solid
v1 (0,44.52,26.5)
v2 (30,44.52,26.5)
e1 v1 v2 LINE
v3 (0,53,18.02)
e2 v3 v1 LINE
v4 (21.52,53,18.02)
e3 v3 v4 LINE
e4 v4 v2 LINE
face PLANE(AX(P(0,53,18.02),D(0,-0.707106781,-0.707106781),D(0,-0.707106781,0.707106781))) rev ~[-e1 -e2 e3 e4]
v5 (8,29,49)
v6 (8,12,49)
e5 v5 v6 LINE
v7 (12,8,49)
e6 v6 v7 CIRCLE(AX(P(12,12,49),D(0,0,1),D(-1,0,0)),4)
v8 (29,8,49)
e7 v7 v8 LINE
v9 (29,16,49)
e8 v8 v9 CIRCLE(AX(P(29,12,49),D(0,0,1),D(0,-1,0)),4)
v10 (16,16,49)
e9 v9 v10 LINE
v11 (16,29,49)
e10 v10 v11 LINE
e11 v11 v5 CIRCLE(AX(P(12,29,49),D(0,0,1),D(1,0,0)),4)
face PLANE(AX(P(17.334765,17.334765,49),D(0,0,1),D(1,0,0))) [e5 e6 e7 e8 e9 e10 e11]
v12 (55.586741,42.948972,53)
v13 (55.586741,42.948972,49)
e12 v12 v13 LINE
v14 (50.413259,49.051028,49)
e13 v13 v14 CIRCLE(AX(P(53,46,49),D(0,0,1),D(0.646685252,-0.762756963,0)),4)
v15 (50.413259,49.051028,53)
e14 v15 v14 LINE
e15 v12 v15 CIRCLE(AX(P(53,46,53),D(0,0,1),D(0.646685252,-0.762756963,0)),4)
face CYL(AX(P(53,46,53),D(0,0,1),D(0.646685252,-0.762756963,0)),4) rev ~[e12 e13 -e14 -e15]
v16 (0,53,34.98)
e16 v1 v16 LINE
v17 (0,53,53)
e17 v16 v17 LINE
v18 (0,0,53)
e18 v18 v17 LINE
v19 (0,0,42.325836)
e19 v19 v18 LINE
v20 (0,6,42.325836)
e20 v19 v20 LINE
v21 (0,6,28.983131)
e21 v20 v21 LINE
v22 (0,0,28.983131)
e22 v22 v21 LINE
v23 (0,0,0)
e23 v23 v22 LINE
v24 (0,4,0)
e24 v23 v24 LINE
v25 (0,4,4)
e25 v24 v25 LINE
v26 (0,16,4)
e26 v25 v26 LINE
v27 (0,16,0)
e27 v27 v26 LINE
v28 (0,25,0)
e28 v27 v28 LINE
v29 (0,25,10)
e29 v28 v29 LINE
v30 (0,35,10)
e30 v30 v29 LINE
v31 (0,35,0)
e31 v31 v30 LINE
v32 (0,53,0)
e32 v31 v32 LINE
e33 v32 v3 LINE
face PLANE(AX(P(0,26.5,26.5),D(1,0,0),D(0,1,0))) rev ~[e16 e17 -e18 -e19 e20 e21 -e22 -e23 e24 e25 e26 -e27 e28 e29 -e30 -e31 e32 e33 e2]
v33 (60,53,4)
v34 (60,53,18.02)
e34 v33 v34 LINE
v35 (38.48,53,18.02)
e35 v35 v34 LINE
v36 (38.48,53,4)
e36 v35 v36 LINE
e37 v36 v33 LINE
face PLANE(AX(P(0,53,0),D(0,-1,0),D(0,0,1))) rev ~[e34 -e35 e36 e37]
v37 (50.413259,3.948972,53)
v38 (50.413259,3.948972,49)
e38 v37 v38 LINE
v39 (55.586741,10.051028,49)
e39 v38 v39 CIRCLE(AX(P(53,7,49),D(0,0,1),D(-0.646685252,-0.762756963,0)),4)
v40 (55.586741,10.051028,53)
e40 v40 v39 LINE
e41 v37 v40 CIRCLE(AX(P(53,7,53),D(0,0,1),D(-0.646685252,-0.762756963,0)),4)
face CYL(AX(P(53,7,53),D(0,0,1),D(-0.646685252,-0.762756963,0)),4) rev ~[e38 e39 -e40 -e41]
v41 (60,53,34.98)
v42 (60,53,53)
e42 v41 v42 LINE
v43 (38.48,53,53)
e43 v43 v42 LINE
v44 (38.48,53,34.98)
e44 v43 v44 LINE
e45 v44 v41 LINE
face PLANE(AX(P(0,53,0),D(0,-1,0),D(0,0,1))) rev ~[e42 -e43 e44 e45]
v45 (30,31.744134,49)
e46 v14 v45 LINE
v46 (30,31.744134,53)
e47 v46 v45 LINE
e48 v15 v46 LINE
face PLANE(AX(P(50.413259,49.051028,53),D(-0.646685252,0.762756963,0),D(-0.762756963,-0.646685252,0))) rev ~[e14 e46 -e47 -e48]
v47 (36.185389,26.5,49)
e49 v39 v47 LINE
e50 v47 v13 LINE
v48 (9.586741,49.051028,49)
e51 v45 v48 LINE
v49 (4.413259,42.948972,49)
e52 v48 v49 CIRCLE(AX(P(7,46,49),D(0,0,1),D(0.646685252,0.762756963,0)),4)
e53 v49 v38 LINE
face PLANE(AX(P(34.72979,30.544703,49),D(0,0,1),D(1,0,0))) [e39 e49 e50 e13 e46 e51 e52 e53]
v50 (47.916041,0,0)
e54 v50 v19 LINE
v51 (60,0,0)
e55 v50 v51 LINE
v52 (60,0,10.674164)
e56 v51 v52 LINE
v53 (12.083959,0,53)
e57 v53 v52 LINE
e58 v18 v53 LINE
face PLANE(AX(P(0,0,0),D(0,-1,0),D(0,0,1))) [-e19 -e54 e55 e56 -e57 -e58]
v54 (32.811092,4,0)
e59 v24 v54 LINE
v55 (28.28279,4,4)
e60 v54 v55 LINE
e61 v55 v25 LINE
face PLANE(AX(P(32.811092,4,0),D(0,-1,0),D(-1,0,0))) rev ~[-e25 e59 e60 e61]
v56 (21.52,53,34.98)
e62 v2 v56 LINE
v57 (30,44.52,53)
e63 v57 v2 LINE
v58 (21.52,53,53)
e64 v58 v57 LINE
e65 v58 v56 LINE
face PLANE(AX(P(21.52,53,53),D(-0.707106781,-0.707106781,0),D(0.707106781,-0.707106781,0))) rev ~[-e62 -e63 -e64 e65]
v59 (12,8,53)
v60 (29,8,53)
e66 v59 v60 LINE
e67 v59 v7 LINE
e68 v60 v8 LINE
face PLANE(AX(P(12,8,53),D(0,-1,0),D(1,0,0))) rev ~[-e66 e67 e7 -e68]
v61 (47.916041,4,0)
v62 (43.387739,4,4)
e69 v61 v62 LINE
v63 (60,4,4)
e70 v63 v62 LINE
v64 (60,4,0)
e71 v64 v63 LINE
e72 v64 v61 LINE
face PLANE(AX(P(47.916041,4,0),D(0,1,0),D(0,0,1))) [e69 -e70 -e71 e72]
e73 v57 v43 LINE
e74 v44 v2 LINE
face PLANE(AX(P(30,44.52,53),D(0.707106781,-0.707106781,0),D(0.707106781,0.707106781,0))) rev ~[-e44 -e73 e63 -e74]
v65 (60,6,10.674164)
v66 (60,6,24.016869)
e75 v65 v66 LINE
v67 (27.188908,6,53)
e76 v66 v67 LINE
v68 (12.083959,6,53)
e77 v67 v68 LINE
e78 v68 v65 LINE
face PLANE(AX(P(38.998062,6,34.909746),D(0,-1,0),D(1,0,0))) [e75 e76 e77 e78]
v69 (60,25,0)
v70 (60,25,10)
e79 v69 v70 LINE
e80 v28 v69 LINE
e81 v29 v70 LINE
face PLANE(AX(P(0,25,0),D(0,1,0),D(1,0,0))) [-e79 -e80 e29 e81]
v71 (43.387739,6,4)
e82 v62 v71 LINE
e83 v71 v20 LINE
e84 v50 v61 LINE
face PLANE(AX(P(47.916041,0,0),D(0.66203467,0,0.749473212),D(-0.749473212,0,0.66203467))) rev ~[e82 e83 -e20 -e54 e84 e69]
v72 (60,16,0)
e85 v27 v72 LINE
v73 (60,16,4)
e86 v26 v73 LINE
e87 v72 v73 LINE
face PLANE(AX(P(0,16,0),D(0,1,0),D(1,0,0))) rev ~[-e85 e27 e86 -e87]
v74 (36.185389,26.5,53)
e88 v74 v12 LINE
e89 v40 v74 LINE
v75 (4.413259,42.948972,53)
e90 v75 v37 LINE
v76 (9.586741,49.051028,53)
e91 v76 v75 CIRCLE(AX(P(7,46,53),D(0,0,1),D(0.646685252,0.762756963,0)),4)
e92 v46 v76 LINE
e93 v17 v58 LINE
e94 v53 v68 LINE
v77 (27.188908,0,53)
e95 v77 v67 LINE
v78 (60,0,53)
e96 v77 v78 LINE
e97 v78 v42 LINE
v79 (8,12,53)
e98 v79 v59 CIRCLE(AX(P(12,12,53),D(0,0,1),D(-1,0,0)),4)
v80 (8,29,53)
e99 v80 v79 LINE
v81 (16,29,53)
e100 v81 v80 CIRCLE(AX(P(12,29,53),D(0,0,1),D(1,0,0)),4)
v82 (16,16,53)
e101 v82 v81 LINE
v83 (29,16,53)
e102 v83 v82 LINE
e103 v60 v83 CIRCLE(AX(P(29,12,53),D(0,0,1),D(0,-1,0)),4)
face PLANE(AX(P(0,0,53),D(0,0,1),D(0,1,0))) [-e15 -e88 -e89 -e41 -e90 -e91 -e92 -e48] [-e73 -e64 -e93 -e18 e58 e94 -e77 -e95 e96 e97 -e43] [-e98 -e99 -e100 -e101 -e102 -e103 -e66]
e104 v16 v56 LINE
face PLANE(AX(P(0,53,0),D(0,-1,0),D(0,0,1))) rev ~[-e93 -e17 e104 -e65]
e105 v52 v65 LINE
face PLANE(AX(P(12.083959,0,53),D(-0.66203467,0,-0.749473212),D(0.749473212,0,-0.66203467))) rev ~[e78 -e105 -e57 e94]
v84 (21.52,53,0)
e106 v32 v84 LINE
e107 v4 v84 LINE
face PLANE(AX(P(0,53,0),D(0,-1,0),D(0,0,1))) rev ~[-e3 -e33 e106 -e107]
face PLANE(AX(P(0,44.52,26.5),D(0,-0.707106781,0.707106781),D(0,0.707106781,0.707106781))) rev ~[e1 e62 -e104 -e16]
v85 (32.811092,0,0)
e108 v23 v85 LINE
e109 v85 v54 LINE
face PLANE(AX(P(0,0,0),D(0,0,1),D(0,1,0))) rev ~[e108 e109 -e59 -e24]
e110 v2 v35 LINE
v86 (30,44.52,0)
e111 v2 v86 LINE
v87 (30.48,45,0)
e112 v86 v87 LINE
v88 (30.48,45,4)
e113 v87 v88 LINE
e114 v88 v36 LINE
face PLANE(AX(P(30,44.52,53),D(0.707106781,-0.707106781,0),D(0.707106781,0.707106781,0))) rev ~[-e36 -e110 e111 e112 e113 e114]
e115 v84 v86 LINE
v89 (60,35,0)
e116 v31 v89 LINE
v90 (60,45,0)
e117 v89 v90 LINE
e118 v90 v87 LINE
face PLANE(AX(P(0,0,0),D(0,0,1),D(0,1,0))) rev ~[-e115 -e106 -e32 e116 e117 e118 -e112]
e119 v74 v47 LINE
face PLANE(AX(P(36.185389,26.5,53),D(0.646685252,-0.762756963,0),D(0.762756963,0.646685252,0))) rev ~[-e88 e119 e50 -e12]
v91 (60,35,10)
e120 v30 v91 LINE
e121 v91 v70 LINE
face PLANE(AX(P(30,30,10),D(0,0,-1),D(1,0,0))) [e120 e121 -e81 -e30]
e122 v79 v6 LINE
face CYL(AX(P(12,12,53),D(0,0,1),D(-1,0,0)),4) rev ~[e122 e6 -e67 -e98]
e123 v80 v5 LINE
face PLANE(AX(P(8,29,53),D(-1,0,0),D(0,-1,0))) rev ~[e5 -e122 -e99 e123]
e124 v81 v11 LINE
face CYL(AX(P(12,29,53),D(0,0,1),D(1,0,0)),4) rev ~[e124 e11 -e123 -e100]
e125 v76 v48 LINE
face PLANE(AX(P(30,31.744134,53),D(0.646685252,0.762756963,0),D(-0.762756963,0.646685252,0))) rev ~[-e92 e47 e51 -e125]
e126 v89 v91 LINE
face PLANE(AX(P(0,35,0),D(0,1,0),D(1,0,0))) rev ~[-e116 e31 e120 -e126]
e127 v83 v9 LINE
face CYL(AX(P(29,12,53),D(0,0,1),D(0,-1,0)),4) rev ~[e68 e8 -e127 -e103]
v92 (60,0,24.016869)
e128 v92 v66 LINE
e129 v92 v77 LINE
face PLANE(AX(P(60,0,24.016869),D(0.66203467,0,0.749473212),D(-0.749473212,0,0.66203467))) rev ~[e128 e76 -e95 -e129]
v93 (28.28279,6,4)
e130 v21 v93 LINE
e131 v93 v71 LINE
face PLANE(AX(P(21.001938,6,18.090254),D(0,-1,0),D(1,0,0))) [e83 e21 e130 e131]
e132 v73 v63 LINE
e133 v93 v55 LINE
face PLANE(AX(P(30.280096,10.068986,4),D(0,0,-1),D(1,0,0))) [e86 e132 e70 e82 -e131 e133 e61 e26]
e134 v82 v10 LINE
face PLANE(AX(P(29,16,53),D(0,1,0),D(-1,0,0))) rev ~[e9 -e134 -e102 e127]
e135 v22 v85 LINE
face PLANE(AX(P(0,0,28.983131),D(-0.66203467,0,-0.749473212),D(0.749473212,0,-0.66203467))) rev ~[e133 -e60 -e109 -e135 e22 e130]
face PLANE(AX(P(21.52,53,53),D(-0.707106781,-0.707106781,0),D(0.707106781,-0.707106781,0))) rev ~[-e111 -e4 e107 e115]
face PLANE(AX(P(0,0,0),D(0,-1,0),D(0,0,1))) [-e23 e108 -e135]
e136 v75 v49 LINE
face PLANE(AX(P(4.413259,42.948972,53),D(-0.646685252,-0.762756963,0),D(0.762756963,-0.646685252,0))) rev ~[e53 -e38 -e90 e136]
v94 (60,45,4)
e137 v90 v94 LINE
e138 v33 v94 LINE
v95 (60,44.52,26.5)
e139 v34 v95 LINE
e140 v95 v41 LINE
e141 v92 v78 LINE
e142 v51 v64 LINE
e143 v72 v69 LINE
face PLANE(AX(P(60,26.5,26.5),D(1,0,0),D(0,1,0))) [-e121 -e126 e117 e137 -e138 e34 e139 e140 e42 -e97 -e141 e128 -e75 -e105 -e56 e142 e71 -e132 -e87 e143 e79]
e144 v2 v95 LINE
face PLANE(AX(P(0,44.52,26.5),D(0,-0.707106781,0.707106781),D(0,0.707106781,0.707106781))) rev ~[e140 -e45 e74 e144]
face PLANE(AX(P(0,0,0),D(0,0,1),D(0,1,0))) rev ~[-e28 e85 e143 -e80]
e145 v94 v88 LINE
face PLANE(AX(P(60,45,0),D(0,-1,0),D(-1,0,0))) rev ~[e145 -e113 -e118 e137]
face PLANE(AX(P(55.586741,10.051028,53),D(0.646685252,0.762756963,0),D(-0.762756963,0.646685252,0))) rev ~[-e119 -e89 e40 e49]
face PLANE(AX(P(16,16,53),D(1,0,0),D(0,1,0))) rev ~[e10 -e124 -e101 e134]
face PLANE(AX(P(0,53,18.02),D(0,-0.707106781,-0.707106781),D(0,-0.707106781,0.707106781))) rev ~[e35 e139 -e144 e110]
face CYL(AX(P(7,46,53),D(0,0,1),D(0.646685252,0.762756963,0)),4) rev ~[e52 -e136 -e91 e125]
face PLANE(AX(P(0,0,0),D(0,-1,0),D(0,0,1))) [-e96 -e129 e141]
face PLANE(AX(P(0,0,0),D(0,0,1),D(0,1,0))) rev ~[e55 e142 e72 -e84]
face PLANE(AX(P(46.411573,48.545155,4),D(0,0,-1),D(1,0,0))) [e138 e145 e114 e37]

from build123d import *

# Parameters (mm, degrees)
F0_W      = 53
F0_H      = 53
F1_DEPTH  = 60
F3_DEPTH  = 4
F4_DEPTH  = 53
F6_DEPTH  = 6
F8_DEPTH  = 60
F10_DEPTH = 4
F9_W      = 60
F9_H      = 10
F11_DEPTH = 10
F12_DEPTH = 25


with BuildPart() as f1:
    # F0 (on Right) → F1 (new body)
    with BuildSketch(Plane.YZ):
        with Locations((26.5, 26.5)):
            Rectangle(F0_W, F0_H)
    extrude(amount=F1_DEPTH)

    # F2 (on face) → F3 (cut)
    with BuildSketch(Plane.XY.offset(53)):
        with BuildLine():
            ThreePointArc((9.5867410065, 49.0510278539), (3.9489721461, 48.5867410065), (4.4132589935, 42.9489721461))
            Line((4.4132589935, 42.9489721461), (50.4132589935, 3.9489721461))
            ThreePointArc((50.4132589935, 3.9489721461), (56.0510278539, 4.4132589935), (55.5867410065, 10.0510278539))
            Line((55.5867410065, 10.0510278539), (36.1853892444, 26.5))
            Line((36.1853892444, 26.5), (55.5867410065, 42.9489721461))
            ThreePointArc((55.5867410065, 42.9489721461), (56.0510278539, 48.5867410065), (50.4132589935, 49.0510278539))
            Line((50.4132589935, 49.0510278539), (30, 31.7441343594))
            Line((30, 31.7441343594), (9.5867410065, 49.0510278539))
        make_face()
        with BuildLine():
            ThreePointArc((16, 29), (12, 33), (8, 29))
            Line((8, 29), (8, 12))
            ThreePointArc((8, 12), (9.1715728753, 9.1715728753), (12, 8))
            Line((12, 8), (29, 8))
            ThreePointArc((29, 8), (33, 12), (29, 16))
            Line((29, 16), (16, 16))
            Line((16, 16), (16, 29))
        make_face()
    extrude(amount=-F3_DEPTH, mode=Mode.SUBTRACT)

    # F2 (on face) → F4 (cut, through all)
    with BuildSketch(Plane.XY.offset(53)):
        Polygon((38.48, 53), (21.52, 53), (30, 44.52), align=None)
    extrude(amount=-F4_DEPTH, mode=Mode.SUBTRACT)

    # F5 (on face) → F6 (cut)
    with BuildSketch(Plane.XZ):
        Polygon((27.1889083829, 53), (12.0839592813, 53), (60, 10.6741640318), (60, 24.0168690716), align=None)
        Polygon((47.9160407187, 0), (0, 42.3258359682), (0, 28.9831309284), (32.8110916171, 0), align=None)
    extrude(amount=-F6_DEPTH, mode=Mode.SUBTRACT)

    # F7 (on face) → F8 (cut, through all)
    with BuildSketch(Plane(origin=(0, 0, 0), x_dir=(0, -1, 0), z_dir=(-1, 0, 0))):
        Polygon((-44.52, 26.5), (-53, 34.98), (-53, 18.02), align=None)
    extrude(amount=-F8_DEPTH, mode=Mode.SUBTRACT)

    # F9 (on face) → F10 (cut)
    with BuildSketch(Plane(origin=(0, 0, 0), x_dir=(1, 0, 0), z_dir=(0, 0, -1))):
        Polygon((0, -16), (60, -16), (60, -4), (47.9160407187, -4), (47.9160407187, -6), (32.8110916171, -6), (32.8110916171, -4), (0, -4), align=None)
        Polygon((38.48, -53), (60, -53), (60, -45), (30.48, -45), align=None)
    extrude(amount=-F10_DEPTH, mode=Mode.SUBTRACT)

    # F9 (on face) → F11 (cut)
    with BuildSketch(Plane(origin=(0, 0, 0), x_dir=(1, 0, 0), z_dir=(0, 0, -1))):
        with Locations((30, -30)):
            Rectangle(F9_W, F9_H)
    extrude(amount=-F11_DEPTH, mode=Mode.SUBTRACT)

    # F12 (cut): a face of the model
    f12_faces = [f1.faces().sort_by_distance(p)[0] for p in [
        (47.9160407187, 5, 2),
    ]]
    extrude(f12_faces, amount=-F12_DEPTH, mode=Mode.SUBTRACT)


solid = f1.part
